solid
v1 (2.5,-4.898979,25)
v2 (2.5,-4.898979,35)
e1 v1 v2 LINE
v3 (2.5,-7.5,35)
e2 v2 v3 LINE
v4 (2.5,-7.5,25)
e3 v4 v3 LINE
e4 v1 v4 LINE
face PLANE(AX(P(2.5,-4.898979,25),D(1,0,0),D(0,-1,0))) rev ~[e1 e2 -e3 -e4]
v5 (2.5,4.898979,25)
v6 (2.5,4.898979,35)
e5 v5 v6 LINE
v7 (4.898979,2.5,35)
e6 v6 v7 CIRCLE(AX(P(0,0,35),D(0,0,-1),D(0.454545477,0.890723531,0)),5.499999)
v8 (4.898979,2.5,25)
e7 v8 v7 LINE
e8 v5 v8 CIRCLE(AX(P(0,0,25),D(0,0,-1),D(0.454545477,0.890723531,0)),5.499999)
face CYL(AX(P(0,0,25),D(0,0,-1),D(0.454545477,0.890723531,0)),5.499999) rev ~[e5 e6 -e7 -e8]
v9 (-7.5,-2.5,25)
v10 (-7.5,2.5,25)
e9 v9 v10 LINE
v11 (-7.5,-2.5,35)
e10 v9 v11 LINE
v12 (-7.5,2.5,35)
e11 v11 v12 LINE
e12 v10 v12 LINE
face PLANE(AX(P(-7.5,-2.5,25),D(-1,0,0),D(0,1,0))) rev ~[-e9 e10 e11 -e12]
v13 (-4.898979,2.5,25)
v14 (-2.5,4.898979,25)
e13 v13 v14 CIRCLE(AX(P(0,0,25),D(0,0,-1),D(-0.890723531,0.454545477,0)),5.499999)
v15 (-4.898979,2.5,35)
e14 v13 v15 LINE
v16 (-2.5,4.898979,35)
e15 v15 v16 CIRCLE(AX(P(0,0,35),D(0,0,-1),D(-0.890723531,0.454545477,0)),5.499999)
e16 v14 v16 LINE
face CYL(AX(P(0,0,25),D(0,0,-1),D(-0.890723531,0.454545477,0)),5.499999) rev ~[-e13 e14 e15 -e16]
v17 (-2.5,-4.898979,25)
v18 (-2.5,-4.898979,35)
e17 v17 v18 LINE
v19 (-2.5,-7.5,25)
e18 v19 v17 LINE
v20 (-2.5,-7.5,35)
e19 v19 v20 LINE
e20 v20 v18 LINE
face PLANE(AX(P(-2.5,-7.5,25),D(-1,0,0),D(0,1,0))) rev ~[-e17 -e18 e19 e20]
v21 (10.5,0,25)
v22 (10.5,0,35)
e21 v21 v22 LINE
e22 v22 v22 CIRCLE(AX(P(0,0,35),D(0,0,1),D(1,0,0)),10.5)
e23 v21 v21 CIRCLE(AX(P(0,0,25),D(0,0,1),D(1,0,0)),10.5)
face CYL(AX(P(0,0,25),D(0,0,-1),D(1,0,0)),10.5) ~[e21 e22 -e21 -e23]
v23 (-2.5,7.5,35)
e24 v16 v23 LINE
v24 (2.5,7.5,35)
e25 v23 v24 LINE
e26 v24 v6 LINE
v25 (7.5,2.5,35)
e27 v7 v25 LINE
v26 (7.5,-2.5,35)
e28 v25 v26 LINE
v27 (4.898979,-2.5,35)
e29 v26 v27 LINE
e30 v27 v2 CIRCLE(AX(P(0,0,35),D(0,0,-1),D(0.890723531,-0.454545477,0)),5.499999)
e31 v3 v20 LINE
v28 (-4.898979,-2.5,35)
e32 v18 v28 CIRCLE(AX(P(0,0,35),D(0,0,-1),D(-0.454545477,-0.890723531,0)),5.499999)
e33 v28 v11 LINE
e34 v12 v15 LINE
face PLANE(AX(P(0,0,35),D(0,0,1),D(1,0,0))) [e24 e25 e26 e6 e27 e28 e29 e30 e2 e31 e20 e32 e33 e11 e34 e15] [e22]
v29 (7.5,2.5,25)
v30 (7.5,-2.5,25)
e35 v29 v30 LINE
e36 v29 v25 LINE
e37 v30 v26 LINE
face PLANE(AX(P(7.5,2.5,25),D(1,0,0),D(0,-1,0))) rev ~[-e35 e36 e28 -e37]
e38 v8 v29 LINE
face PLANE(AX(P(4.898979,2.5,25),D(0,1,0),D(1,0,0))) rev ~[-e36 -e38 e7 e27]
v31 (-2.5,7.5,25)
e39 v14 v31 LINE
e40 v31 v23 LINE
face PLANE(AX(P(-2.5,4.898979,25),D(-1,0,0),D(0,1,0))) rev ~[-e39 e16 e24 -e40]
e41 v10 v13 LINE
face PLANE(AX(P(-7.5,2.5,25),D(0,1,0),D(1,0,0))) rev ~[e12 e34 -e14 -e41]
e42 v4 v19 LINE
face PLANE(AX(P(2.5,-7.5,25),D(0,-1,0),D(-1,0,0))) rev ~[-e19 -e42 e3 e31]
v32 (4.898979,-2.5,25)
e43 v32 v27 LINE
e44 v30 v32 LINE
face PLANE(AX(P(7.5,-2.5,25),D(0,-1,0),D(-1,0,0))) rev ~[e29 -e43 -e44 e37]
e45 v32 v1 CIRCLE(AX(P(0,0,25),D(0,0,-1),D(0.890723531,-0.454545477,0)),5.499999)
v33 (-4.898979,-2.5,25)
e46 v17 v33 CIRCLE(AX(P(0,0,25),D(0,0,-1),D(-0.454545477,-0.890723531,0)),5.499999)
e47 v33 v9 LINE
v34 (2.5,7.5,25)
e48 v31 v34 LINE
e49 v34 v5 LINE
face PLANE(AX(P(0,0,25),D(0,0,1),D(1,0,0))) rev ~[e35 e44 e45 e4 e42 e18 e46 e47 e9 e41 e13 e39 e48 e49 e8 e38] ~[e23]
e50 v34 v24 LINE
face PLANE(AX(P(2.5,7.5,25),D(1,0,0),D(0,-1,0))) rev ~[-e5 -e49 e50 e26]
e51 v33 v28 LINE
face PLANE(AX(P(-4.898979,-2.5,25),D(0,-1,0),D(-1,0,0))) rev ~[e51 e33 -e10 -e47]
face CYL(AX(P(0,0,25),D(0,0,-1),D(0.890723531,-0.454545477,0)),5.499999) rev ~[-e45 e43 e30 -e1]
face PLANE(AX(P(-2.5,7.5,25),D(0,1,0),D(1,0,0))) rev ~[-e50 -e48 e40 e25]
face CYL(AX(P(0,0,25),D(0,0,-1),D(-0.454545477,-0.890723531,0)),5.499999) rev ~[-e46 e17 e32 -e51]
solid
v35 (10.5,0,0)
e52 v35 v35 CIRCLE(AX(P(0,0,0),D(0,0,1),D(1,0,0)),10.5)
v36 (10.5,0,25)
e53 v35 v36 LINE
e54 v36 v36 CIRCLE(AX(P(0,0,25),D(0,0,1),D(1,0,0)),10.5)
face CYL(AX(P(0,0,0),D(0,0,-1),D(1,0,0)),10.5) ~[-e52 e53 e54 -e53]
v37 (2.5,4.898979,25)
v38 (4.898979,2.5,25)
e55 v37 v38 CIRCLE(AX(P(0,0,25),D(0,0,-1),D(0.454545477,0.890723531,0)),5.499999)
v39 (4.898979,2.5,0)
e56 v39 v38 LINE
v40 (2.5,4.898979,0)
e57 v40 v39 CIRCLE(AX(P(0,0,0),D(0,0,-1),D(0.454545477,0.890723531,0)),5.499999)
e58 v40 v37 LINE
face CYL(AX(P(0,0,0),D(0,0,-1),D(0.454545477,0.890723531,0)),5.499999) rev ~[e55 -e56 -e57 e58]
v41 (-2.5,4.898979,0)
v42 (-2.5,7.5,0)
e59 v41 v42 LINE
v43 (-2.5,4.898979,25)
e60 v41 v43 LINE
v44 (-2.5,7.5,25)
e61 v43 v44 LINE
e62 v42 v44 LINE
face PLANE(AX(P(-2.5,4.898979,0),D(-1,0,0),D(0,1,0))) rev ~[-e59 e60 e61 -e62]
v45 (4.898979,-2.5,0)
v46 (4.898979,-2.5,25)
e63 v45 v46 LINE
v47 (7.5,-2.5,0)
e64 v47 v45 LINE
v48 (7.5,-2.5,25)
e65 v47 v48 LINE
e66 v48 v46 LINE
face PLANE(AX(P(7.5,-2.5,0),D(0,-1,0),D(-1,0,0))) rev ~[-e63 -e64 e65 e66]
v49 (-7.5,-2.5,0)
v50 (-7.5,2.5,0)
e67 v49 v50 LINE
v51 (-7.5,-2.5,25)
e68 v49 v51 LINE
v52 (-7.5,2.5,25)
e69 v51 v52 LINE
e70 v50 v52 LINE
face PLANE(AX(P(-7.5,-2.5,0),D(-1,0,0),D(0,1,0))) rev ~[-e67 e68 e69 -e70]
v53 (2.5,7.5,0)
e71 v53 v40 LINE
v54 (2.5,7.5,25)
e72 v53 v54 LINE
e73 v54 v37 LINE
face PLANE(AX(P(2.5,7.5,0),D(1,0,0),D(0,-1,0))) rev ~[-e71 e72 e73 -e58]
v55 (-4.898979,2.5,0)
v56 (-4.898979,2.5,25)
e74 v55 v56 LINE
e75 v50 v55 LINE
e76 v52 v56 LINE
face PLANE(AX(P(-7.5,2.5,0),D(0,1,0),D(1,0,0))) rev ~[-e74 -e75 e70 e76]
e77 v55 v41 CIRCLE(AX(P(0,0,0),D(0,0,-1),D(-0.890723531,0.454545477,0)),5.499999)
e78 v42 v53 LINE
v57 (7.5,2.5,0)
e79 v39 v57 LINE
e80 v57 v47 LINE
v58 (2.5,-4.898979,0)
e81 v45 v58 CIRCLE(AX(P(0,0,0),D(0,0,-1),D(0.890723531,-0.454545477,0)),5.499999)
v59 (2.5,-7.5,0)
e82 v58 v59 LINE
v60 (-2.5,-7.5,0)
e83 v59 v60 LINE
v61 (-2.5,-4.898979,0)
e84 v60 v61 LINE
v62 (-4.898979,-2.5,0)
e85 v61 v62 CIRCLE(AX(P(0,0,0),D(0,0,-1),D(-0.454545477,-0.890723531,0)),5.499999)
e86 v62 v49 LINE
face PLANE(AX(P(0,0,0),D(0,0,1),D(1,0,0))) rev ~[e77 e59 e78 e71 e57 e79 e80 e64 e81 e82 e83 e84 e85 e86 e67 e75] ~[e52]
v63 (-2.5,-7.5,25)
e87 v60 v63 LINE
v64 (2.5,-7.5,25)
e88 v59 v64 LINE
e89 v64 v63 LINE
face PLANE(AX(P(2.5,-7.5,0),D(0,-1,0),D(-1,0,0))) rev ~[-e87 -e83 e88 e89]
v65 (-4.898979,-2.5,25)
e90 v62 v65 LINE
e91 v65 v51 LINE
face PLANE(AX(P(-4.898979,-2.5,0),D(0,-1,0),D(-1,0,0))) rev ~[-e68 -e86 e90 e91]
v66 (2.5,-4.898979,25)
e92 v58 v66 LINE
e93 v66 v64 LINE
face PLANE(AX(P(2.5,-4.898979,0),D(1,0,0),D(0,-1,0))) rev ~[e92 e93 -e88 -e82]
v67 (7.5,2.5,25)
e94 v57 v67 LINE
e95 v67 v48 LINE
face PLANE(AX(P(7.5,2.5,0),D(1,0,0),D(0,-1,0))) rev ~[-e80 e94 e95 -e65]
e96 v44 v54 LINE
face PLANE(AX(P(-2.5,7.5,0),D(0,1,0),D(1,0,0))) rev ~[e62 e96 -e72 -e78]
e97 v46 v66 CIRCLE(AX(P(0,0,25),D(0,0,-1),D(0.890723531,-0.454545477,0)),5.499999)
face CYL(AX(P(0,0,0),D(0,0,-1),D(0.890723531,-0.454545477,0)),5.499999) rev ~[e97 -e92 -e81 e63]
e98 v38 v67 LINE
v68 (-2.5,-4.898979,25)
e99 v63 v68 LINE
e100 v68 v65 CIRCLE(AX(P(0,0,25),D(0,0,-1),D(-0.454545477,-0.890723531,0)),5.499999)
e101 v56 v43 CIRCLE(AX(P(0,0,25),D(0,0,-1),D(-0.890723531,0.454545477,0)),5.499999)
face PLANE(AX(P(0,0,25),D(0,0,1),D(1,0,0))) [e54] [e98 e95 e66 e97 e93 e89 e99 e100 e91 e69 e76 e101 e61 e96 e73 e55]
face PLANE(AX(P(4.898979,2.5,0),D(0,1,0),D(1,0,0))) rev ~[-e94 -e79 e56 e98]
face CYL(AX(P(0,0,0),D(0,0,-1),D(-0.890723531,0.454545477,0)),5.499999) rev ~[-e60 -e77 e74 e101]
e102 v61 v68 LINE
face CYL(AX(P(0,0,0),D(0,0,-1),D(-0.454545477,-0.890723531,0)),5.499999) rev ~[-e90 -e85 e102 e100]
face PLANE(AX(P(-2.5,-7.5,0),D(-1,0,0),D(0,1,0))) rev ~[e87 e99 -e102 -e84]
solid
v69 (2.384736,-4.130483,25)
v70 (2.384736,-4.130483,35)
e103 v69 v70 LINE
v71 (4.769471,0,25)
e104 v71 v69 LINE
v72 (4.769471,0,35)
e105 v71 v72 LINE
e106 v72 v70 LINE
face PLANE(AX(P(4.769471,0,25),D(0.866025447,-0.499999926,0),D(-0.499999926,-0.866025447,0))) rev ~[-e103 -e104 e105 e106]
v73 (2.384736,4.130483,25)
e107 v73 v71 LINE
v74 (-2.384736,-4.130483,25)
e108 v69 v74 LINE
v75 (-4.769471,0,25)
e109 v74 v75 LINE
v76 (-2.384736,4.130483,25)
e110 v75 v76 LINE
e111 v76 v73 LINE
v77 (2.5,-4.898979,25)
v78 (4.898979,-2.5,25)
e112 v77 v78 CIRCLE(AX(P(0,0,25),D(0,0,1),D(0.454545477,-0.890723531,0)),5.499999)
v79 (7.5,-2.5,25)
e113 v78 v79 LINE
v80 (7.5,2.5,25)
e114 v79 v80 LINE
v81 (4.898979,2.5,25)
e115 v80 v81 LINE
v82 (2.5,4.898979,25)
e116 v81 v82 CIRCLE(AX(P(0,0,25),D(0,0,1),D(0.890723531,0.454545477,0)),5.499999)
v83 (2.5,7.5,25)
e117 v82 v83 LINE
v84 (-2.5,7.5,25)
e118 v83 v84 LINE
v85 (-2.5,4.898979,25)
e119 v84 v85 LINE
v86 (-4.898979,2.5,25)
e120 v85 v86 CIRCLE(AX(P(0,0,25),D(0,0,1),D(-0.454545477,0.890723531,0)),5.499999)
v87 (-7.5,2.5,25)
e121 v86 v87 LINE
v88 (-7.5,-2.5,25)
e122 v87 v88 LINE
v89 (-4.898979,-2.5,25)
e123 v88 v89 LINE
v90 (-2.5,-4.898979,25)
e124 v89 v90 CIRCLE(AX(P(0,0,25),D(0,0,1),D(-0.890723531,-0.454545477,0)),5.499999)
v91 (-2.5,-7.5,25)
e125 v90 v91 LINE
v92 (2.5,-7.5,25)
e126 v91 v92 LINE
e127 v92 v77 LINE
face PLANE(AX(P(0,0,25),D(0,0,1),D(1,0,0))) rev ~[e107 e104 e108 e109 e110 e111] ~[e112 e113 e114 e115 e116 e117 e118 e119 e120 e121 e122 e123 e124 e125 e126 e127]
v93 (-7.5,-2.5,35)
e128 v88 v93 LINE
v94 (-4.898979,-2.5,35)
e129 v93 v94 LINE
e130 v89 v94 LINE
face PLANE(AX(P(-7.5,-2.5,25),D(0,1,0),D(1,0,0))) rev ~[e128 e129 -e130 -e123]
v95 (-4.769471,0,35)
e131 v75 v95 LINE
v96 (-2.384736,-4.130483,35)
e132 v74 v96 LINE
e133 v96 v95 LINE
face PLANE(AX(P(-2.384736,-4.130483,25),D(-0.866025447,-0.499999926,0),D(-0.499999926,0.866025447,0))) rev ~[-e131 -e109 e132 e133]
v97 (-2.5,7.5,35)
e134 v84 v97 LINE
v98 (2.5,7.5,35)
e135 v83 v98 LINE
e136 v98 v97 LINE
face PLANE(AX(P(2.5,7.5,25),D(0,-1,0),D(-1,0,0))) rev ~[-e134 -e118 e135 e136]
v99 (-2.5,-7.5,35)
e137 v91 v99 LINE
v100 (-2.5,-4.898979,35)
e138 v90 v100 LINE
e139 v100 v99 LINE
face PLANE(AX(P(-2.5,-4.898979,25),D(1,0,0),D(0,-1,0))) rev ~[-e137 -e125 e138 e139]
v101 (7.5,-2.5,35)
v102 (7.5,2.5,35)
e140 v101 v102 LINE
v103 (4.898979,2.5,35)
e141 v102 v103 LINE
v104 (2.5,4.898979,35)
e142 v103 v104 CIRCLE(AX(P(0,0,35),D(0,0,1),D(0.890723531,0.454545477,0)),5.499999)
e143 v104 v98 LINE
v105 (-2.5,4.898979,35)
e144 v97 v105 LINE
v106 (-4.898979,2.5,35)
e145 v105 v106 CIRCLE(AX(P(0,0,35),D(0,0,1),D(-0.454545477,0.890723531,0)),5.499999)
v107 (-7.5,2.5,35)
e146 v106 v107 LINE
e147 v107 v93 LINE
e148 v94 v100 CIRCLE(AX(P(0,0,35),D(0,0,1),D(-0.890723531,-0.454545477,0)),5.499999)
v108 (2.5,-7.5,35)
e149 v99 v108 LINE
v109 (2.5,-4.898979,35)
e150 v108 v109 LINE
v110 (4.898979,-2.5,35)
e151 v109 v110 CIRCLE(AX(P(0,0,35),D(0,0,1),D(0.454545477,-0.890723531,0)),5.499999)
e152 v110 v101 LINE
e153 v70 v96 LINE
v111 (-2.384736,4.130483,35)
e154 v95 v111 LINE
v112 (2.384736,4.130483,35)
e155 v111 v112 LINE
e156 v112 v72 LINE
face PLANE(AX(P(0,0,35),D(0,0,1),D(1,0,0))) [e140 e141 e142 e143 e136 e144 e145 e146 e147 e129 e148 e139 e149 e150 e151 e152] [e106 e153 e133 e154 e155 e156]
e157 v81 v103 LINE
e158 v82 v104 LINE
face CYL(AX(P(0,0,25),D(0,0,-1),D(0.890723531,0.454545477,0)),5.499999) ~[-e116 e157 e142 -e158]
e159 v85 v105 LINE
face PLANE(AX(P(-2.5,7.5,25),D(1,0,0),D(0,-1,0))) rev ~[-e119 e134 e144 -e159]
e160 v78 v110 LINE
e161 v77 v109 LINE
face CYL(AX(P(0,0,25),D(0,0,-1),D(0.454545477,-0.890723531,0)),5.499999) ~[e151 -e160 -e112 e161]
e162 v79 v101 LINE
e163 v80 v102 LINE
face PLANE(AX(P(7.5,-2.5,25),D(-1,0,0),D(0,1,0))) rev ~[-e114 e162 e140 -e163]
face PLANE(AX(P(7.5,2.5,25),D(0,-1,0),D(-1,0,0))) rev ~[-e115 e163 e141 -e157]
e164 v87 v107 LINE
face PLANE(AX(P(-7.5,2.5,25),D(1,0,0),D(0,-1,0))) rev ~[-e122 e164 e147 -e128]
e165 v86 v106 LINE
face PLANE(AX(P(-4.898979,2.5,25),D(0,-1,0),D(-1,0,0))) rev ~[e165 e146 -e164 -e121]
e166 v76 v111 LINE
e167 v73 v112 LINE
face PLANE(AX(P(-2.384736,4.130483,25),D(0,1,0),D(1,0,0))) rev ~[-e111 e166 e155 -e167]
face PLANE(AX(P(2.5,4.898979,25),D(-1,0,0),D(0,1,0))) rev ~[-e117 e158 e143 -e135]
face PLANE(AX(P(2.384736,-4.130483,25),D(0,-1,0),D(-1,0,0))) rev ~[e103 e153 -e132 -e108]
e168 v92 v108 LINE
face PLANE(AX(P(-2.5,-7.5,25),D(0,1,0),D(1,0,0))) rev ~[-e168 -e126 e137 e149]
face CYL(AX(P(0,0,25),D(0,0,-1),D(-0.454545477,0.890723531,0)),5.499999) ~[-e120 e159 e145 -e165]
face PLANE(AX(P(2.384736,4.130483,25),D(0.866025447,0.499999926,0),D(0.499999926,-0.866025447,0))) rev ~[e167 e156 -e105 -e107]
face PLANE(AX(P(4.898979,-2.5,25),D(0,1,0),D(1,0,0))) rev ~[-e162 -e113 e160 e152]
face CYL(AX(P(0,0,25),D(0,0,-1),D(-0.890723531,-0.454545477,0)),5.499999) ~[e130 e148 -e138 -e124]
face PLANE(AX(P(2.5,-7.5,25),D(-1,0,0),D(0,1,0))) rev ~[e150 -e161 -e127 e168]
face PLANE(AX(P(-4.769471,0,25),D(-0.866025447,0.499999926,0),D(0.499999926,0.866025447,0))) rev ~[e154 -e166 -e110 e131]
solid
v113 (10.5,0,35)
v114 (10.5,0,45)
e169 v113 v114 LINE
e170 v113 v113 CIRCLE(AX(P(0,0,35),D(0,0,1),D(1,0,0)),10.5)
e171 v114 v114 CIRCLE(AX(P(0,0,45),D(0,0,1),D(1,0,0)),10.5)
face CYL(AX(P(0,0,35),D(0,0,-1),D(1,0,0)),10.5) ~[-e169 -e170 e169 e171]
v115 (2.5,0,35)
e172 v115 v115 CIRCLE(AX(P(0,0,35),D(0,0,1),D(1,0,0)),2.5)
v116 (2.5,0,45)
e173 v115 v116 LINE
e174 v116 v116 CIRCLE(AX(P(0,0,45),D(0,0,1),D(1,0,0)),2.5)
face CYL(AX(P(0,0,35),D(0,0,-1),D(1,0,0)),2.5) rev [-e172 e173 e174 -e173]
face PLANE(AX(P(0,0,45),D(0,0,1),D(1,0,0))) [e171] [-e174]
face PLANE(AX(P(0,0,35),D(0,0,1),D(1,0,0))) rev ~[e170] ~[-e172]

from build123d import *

# Parameters (mm, degrees)
F0_R      = 10.5
F1_DEPTH  = 25
F3_DEPTH  = 10
F1_FACE_R = 10.5
F4_DEPTH  = 10
F5_R      = 10.5
F5_R_2    = 2.5
F6_DEPTH  = 10


with BuildPart() as f1:
    # F0 (on Top) → F1 (new body)
    with BuildSketch(Plane.XY):
        Circle(F0_R)
        with BuildLine():
            ThreePointArc((-2.5, -4.898979), (-3.889087, -3.889087), (-4.898979, -2.5))
            Line((-4.898979, -2.5), (-7.5, -2.5))
            Line((-7.5, -2.5), (-7.5, 2.5))
            Line((-7.5, 2.5), (-4.898979, 2.5))
            ThreePointArc((-4.898979, 2.5), (-3.889087, 3.889087), (-2.5, 4.898979))
            Line((-2.5, 4.898979), (-2.5, 7.5))
            Line((-2.5, 7.5), (2.5, 7.5))
            Line((2.5, 7.5), (2.5, 4.898979))
            ThreePointArc((2.5, 4.898979), (3.889087, 3.889087), (4.898979, 2.5))
            Line((4.898979, 2.5), (7.5, 2.5))
            Line((7.5, 2.5), (7.5, -2.5))
            Line((7.5, -2.5), (4.898979, -2.5))
            ThreePointArc((4.898979, -2.5), (3.889087, -3.889087), (2.5, -4.898979))
            Line((2.5, -4.898979), (2.5, -7.5))
            Line((2.5, -7.5), (-2.5, -7.5))
            Line((-2.5, -7.5), (-2.5, -4.898979))
        make_face(mode=Mode.SUBTRACT)
    extrude(amount=F1_DEPTH)


with BuildPart() as f3:
    # F2 (on face) → F3 (new body)
    with BuildSketch(Plane.XY.offset(25)):
        with BuildLine():
            ThreePointArc((-4.898979, -2.5), (-3.889087, -3.889087), (-2.5, -4.898979))
            Line((-2.5, -4.898979), (-2.5, -7.5))
            Line((-2.5, -7.5), (2.5, -7.5))
            Line((2.5, -7.5), (2.5, -4.898979))
            ThreePointArc((2.5, -4.898979), (3.889087, -3.889087), (4.898979, -2.5))
            Line((4.898979, -2.5), (7.5, -2.5))
            Line((7.5, -2.5), (7.5, 2.5))
            Line((7.5, 2.5), (4.898979, 2.5))
            ThreePointArc((4.898979, 2.5), (3.889087, 3.889087), (2.5, 4.898979))
            Line((2.5, 4.898979), (2.5, 7.5))
            Line((2.5, 7.5), (-2.5, 7.5))
            Line((-2.5, 7.5), (-2.5, 4.898979))
            ThreePointArc((-2.5, 4.898979), (-3.889087, 3.889087), (-4.898979, 2.5))
            Line((-4.898979, 2.5), (-7.5, 2.5))
            Line((-7.5, 2.5), (-7.5, -2.5))
            Line((-7.5, -2.5), (-4.898979, -2.5))
        make_face()
        Polygon((4.769471, 0), (2.384736, -4.130483), (-2.384736, -4.130483), (-4.769471, 0), (-2.384736, 4.130483), (2.384736, 4.130483), align=None, mode=Mode.SUBTRACT)
    extrude(amount=F3_DEPTH)


with BuildPart() as f4:
    # F1_face (on face) → F4 (new body)
    with BuildSketch(Plane.XY.offset(25)):
        Circle(F1_FACE_R)
        with BuildLine():
            ThreePointArc((-2.5, -4.898979), (-3.889087, -3.889087), (-4.898979, -2.5))
            Line((-4.898979, -2.5), (-7.5, -2.5))
            Line((-7.5, -2.5), (-7.5, 2.5))
            Line((-7.5, 2.5), (-4.898979, 2.5))
            ThreePointArc((-4.898979, 2.5), (-3.889087, 3.889087), (-2.5, 4.898979))
            Line((-2.5, 4.898979), (-2.5, 7.5))
            Line((-2.5, 7.5), (2.5, 7.5))
            Line((2.5, 7.5), (2.5, 4.898979))
            ThreePointArc((2.5, 4.898979), (3.889087, 3.889087), (4.898979, 2.5))
            Line((4.898979, 2.5), (7.5, 2.5))
            Line((7.5, 2.5), (7.5, -2.5))
            Line((7.5, -2.5), (4.898979, -2.5))
            ThreePointArc((4.898979, -2.5), (3.889087, -3.889087), (2.5, -4.898979))
            Line((2.5, -4.898979), (2.5, -7.5))
            Line((2.5, -7.5), (-2.5, -7.5))
            Line((-2.5, -7.5), (-2.5, -4.898979))
        make_face(mode=Mode.SUBTRACT)
    extrude(amount=F4_DEPTH)


with BuildPart() as f6:
    # F5 (on face) → F6 (new body)
    with BuildSketch(Plane.XY.offset(35)):
        Circle(F5_R)
        Circle(F5_R_2, mode=Mode.SUBTRACT)
    extrude(amount=F6_DEPTH)


solid = Compound([f1.part, f3.part, f4.part, f6.part])
